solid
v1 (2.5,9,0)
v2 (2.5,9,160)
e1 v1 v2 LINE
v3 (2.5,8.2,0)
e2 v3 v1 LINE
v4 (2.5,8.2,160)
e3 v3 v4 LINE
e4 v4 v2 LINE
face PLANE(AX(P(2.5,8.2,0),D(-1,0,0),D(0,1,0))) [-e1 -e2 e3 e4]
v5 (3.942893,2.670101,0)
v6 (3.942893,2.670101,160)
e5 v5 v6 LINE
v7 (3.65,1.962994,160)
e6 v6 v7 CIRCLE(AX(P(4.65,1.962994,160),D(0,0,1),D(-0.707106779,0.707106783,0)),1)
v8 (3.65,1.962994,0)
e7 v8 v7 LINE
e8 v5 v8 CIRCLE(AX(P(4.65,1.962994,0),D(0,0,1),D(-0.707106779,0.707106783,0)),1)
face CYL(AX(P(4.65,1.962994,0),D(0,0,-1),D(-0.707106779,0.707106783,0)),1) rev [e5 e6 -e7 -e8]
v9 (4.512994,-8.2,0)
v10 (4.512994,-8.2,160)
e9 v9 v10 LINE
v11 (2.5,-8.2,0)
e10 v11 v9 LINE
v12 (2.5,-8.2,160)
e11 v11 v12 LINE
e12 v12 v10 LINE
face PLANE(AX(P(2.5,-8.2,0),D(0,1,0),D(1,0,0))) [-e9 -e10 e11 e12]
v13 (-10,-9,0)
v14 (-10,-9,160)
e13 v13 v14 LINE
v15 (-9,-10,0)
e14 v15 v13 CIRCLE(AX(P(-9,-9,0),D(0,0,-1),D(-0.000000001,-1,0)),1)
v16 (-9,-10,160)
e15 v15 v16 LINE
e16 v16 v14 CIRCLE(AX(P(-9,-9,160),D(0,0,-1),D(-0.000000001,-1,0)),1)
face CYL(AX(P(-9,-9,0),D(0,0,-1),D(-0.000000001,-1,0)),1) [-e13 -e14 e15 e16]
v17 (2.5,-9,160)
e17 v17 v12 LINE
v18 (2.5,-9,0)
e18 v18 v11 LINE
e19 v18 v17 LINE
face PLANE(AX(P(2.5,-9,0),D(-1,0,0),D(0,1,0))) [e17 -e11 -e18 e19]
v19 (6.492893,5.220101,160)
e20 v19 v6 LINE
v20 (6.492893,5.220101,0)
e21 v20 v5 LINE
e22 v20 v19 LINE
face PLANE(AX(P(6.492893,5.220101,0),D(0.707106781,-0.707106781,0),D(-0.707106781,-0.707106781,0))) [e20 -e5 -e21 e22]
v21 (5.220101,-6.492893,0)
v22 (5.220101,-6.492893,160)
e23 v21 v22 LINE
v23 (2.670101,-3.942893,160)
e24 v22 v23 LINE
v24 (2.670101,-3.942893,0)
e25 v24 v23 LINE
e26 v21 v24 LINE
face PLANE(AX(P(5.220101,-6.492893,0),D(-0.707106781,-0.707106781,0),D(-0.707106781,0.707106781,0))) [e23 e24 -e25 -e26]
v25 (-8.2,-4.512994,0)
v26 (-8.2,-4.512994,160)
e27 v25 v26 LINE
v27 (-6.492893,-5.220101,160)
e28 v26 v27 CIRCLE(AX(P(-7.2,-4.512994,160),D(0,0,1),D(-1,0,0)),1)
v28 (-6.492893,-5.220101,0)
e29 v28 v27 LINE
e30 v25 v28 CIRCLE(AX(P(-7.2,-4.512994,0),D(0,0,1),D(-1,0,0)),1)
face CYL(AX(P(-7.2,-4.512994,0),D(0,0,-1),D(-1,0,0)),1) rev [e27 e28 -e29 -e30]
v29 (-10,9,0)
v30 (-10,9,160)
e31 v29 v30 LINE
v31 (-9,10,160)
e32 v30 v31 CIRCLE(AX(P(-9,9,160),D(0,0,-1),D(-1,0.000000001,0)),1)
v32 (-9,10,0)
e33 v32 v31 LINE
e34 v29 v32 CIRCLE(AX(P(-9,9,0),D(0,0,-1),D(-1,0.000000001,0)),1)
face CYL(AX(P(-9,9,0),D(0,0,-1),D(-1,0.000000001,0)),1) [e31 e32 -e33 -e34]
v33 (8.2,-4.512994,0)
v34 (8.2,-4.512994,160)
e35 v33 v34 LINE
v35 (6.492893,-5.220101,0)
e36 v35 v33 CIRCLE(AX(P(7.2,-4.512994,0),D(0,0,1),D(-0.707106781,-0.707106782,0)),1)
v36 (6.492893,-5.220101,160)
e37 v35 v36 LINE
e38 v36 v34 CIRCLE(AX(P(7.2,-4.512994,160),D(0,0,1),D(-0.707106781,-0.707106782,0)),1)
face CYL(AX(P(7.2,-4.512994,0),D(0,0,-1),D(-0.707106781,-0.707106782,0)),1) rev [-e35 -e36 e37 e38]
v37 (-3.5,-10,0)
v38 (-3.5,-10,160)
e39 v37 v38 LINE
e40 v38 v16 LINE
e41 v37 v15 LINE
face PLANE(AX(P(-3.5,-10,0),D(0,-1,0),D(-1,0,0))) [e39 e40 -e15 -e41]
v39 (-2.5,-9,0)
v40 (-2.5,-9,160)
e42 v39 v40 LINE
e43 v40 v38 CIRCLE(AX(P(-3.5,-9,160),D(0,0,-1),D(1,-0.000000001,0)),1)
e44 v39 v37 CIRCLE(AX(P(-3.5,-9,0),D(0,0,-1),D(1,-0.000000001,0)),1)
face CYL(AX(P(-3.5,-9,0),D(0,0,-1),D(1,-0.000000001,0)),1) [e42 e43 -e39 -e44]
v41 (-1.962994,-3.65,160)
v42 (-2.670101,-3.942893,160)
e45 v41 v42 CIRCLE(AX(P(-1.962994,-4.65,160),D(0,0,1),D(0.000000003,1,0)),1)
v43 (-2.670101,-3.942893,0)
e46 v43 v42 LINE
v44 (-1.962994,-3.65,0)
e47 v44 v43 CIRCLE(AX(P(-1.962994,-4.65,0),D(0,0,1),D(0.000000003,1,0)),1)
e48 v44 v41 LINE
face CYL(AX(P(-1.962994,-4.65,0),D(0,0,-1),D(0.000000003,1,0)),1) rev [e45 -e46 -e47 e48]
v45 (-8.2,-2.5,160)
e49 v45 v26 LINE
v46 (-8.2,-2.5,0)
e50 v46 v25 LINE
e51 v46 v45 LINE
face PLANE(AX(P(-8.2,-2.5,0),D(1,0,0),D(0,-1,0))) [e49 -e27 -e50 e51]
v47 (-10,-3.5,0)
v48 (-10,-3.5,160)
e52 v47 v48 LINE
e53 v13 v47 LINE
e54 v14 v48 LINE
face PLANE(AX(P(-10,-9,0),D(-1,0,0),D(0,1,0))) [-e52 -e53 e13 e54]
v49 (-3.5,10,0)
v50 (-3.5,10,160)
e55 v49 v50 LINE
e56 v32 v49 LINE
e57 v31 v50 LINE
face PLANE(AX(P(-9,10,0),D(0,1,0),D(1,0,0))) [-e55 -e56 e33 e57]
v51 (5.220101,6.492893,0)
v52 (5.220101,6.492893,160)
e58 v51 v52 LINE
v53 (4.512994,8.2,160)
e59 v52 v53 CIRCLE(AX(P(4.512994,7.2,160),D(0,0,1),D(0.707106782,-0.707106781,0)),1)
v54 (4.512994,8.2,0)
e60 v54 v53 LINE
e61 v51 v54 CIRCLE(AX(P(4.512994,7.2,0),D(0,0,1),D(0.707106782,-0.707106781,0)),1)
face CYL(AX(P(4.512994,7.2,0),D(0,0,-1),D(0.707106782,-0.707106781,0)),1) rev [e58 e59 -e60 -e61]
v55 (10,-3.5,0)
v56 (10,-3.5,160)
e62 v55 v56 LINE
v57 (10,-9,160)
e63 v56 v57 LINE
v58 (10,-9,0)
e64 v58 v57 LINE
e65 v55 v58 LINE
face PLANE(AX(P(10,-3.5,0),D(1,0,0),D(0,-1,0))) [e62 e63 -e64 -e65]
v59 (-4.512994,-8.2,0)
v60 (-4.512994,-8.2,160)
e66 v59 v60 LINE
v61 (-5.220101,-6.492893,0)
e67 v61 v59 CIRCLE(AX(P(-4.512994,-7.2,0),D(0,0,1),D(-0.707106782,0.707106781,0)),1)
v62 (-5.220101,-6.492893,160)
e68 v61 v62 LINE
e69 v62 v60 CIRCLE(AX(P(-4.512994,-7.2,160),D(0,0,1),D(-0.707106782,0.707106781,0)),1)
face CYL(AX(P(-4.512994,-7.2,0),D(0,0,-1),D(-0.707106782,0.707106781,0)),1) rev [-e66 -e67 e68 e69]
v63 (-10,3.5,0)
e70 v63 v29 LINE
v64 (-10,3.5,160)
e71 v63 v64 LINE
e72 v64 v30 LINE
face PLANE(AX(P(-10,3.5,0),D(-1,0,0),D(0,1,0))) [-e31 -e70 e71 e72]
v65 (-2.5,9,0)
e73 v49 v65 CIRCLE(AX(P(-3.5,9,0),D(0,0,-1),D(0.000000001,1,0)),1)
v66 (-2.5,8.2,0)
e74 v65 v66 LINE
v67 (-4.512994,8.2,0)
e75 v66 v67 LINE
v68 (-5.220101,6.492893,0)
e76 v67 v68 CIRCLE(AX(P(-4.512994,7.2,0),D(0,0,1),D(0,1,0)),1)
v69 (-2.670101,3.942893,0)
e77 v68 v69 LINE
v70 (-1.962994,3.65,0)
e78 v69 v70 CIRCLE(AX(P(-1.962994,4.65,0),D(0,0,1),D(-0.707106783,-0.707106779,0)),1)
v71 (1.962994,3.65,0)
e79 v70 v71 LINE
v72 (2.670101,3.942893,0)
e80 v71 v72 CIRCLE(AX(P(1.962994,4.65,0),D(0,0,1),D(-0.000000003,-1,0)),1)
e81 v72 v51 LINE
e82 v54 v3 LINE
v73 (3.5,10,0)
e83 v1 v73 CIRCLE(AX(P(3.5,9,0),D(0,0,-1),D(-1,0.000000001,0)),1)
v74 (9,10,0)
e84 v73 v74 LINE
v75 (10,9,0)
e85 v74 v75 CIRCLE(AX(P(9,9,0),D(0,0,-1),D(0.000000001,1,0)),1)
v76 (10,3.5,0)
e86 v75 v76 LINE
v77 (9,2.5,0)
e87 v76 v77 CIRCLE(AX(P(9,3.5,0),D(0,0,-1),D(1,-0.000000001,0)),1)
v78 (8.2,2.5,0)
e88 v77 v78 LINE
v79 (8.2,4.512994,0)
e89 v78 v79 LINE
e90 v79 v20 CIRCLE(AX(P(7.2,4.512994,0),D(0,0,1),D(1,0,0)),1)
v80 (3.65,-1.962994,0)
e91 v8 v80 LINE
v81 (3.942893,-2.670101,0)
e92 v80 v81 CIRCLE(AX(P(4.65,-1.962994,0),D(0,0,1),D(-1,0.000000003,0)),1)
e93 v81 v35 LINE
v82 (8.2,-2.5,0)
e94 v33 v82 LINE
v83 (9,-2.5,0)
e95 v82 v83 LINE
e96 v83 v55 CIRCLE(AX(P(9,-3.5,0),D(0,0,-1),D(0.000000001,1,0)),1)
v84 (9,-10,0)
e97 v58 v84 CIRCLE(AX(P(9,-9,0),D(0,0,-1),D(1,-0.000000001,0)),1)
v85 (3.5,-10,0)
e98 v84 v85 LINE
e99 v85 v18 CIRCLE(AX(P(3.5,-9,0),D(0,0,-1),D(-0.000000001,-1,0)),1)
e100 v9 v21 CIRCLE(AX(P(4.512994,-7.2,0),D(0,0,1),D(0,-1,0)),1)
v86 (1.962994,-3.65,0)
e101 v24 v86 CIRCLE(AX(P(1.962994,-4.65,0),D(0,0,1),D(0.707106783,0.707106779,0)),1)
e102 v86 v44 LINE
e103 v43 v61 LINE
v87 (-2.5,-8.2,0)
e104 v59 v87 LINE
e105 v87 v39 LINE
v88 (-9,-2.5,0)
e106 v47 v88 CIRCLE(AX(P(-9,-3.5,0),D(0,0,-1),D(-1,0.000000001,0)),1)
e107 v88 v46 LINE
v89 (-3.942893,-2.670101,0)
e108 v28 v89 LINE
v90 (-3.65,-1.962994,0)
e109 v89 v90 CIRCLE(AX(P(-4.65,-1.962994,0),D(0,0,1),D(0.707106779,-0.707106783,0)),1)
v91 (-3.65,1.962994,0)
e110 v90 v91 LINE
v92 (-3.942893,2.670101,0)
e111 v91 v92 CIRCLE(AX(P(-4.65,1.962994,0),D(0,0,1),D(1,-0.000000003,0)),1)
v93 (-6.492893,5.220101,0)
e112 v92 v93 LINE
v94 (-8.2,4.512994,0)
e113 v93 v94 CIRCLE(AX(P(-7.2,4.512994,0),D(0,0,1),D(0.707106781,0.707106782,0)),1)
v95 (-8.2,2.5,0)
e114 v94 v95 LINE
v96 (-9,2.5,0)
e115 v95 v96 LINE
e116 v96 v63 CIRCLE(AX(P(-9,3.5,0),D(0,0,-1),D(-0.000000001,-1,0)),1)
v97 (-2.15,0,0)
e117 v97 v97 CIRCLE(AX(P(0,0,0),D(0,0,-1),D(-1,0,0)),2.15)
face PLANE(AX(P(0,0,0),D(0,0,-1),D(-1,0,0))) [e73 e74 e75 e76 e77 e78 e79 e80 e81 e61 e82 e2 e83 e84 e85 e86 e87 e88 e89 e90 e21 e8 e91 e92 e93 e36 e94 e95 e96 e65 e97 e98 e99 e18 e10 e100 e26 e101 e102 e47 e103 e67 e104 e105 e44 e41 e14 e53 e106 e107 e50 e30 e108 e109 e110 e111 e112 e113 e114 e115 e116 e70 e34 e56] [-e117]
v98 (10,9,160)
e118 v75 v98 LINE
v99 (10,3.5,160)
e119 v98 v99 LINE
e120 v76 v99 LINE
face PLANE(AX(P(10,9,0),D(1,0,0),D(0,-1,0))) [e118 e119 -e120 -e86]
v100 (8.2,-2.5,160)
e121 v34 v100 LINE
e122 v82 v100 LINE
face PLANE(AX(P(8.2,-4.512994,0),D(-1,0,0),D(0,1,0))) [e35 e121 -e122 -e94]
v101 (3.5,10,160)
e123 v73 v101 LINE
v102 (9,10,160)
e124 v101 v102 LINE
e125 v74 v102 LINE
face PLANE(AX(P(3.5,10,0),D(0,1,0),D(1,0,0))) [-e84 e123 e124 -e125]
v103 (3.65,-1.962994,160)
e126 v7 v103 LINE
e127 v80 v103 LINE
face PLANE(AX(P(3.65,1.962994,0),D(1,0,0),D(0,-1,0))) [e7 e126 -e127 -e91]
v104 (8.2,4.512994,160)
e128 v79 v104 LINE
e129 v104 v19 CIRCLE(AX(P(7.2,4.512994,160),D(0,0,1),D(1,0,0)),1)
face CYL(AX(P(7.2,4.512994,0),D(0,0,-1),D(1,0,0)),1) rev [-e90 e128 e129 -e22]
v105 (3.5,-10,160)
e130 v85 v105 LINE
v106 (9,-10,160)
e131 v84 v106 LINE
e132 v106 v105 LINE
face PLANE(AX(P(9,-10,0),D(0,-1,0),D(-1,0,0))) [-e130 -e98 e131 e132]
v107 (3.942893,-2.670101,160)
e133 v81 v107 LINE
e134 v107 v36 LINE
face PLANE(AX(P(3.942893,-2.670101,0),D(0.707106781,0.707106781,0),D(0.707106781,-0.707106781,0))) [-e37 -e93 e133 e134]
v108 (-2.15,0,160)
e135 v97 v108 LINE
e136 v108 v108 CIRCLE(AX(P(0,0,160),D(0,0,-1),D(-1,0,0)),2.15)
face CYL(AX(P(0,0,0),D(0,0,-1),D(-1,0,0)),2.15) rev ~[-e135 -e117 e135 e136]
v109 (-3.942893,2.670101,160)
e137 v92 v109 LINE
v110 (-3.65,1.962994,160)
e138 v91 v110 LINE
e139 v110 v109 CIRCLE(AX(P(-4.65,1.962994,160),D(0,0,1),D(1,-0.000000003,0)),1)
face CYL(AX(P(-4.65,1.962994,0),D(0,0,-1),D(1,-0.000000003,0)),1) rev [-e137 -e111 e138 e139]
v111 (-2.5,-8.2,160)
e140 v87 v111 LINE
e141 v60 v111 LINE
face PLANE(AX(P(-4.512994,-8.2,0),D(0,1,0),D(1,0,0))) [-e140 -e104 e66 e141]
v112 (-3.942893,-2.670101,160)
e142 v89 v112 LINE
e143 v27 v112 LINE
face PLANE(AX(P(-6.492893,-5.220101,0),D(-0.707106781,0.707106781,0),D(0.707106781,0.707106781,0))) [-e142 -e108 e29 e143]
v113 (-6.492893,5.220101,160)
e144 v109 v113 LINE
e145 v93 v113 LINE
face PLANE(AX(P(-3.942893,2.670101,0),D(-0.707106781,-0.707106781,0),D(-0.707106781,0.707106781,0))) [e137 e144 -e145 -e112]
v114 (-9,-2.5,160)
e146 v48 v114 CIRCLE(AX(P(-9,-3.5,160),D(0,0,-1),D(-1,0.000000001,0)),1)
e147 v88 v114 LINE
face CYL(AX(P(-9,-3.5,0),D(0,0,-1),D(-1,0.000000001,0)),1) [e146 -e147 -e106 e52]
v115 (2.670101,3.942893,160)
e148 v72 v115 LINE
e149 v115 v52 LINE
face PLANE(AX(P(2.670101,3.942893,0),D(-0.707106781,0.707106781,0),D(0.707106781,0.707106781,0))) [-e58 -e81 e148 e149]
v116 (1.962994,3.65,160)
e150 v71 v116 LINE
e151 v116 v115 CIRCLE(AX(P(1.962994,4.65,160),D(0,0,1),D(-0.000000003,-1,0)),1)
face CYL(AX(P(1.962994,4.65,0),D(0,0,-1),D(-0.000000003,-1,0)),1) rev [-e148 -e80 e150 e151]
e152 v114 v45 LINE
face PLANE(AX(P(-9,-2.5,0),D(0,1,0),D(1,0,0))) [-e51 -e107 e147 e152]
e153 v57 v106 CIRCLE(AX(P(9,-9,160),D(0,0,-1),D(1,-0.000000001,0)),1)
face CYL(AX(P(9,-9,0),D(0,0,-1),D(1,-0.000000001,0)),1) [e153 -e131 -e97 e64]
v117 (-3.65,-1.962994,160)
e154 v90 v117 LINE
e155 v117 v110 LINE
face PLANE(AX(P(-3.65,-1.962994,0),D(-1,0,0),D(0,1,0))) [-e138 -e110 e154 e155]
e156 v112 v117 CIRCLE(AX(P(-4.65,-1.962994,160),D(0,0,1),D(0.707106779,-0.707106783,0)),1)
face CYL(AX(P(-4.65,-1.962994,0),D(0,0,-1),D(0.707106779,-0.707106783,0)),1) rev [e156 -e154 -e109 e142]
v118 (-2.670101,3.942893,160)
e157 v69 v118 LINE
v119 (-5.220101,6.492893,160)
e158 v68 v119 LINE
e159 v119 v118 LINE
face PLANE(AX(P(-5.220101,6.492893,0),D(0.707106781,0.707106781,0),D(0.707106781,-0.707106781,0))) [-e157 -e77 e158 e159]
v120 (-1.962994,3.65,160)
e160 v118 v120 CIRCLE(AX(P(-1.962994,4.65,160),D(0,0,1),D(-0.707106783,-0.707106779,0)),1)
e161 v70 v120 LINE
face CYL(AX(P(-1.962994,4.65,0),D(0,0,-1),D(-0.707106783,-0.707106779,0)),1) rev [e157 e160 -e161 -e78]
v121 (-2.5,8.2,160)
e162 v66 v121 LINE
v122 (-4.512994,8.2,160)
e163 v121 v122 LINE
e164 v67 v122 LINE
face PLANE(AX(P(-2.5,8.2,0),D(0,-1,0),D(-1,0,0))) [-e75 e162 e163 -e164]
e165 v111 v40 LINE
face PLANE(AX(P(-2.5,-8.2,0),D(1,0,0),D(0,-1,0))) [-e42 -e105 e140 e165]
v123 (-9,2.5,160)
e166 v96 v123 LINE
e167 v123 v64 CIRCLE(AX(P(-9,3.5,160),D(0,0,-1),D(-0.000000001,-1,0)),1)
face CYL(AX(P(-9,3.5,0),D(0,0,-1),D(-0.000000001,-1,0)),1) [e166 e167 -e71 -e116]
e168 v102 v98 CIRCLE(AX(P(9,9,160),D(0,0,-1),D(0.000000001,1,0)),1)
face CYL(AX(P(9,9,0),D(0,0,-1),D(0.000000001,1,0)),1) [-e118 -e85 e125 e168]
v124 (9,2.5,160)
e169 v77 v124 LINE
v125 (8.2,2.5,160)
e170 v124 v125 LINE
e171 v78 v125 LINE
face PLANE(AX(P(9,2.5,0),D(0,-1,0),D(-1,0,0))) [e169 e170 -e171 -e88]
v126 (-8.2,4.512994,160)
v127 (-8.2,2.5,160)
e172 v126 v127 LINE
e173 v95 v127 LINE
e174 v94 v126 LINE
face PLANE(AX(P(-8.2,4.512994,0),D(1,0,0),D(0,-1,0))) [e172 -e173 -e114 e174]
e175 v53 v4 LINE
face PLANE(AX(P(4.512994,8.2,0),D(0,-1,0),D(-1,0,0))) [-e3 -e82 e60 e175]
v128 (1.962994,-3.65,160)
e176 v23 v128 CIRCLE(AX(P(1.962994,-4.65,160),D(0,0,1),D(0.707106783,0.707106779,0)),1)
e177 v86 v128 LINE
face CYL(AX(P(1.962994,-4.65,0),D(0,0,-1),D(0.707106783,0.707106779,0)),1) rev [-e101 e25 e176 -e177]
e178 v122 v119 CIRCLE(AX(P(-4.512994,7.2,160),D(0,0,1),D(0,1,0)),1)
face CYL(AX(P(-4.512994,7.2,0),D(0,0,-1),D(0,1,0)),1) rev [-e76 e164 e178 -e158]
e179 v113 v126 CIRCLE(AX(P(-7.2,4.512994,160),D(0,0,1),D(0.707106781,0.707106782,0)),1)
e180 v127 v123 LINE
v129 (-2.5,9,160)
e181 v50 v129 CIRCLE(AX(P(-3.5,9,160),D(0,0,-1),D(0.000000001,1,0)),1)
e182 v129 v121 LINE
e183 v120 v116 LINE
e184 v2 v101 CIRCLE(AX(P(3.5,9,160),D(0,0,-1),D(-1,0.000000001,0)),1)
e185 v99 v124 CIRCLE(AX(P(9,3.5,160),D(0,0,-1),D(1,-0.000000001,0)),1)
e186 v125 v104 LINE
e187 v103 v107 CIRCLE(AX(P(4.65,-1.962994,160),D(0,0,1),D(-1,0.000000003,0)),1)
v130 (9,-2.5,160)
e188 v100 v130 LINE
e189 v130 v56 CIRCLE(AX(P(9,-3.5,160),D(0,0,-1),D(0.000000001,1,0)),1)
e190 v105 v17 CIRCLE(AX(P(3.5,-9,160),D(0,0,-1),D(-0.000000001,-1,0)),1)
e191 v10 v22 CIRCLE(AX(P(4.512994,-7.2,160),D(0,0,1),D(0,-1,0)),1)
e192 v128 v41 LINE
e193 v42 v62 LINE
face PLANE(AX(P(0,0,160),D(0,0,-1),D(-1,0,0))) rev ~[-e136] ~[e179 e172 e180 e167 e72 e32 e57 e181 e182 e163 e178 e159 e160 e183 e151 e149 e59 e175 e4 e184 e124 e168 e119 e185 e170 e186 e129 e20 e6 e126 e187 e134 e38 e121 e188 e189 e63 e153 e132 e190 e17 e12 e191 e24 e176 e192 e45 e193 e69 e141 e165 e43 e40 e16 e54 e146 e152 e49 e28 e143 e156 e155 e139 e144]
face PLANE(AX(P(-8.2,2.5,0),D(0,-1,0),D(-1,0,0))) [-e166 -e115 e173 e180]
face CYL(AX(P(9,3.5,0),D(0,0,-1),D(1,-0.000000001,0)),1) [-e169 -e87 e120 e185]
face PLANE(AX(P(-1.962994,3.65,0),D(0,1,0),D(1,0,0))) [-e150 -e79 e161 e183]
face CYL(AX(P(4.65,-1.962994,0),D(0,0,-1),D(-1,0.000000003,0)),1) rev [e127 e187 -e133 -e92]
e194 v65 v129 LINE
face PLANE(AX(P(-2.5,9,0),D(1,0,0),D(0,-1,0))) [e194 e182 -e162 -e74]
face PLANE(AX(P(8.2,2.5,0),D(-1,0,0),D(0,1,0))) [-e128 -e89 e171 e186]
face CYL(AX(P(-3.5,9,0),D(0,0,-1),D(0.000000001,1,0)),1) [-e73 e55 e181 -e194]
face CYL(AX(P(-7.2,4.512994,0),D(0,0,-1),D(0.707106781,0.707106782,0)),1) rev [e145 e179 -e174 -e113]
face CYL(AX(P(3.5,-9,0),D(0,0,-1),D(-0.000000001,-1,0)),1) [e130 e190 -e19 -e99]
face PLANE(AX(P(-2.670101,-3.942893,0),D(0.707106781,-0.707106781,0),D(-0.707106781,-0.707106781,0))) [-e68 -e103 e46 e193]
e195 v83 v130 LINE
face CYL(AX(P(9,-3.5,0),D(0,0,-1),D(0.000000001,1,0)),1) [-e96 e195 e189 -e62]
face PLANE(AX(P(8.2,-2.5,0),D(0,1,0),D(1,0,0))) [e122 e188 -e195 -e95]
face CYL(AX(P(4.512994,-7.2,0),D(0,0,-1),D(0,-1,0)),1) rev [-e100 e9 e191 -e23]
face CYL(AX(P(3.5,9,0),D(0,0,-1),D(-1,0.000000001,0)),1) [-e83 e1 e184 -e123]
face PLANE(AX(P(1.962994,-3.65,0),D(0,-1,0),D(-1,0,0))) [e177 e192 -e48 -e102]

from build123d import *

# Parameters (mm, degrees)
SCHIZZO1_R                   = 2.15
ESTRUSIONE_ESTRUSIONE1_DEPTH = 160


with BuildPart() as part:
    # Schizzo1 → Estrusione-Estrusione1 (new body)
    with BuildSketch(Plane(origin=(0, 0, 0), x_dir=(-1, 0, 0), z_dir=(0, 0, -1))):
        with BuildLine():
            Line((8.2, 2.5), (9, 2.5))
            ThreePointArc((9, 2.5), (9.707106781, 2.792893219), (10, 3.5))
            Line((10, 3.5), (10, 9))
            ThreePointArc((10, 9), (9.707106781, 9.707106781), (9, 10))
            Line((9, 10), (3.5, 10))
            ThreePointArc((3.5, 10), (2.792893219, 9.707106781), (2.5, 9))
            Line((2.5, 9), (2.5, 8.2))
            Line((2.5, 8.2), (4.512994231, 8.2))
            ThreePointArc((4.512994231, 8.2), (5.436873764, 7.582683432), (5.220101013, 6.492893219))
            Line((5.220101013, 6.492893219), (2.670101013, 3.942893219))
            ThreePointArc((2.670101013, 3.942893219), (2.345677664, 3.726120467), (1.962994231, 3.65))
            Line((1.962994231, 3.65), (-1.962994231, 3.65))
            ThreePointArc((-1.962994231, 3.65), (-2.345677664, 3.726120467), (-2.670101013, 3.942893219))
            Line((-2.670101013, 3.942893219), (-5.220101013, 6.492893219))
            ThreePointArc((-5.220101013, 6.492893219), (-5.436873764, 7.582683432), (-4.512994231, 8.2))
            Line((-4.512994231, 8.2), (-2.5, 8.2))
            Line((-2.5, 8.2), (-2.5, 9))
            ThreePointArc((-2.5, 9), (-2.792893219, 9.707106781), (-3.5, 10))
            Line((-3.5, 10), (-9, 10))
            ThreePointArc((-9, 10), (-9.707106781, 9.707106781), (-10, 9))
            Line((-10, 9), (-10, 3.5))
            ThreePointArc((-10, 3.5), (-9.707106781, 2.792893219), (-9, 2.5))
            Line((-9, 2.5), (-8.2, 2.5))
            Line((-8.2, 2.5), (-8.2, 4.512994231))
            ThreePointArc((-8.2, 4.512994231), (-7.582683432, 5.436873764), (-6.492893219, 5.220101013))
            Line((-6.492893219, 5.220101013), (-3.942893219, 2.670101013))
            ThreePointArc((-3.942893219, 2.670101013), (-3.726120467, 2.345677664), (-3.65, 1.962994231))
            Line((-3.65, 1.962994231), (-3.65, -1.962994231))
            ThreePointArc((-3.65, -1.962994231), (-3.726120467, -2.345677664), (-3.942893219, -2.670101013))
            Line((-3.942893219, -2.670101013), (-6.492893219, -5.220101013))
            ThreePointArc((-6.492893219, -5.220101013), (-7.582683432, -5.436873764), (-8.2, -4.512994231))
            Line((-8.2, -4.512994231), (-8.2, -2.5))
            Line((-8.2, -2.5), (-9, -2.5))
            ThreePointArc((-9, -2.5), (-9.707106781, -2.792893219), (-10, -3.5))
            Line((-10, -3.5), (-10, -9))
            ThreePointArc((-10, -9), (-9.707106781, -9.707106781), (-9, -10))
            Line((-9, -10), (-3.5, -10))
            ThreePointArc((-3.5, -10), (-2.792893219, -9.707106781), (-2.5, -9))
            Line((-2.5, -9), (-2.5, -8.2))
            Line((-2.5, -8.2), (-4.512994231, -8.2))
            ThreePointArc((-4.512994231, -8.2), (-5.436873764, -7.582683432), (-5.220101013, -6.492893219))
            Line((-5.220101013, -6.492893219), (-2.670101013, -3.942893219))
            ThreePointArc((-2.670101013, -3.942893219), (-2.345677664, -3.726120467), (-1.962994231, -3.65))
            Line((-1.962994231, -3.65), (1.962994231, -3.65))
            ThreePointArc((1.962994231, -3.65), (2.345677664, -3.726120467), (2.670101013, -3.942893219))
            Line((2.670101013, -3.942893219), (5.220101013, -6.492893219))
            ThreePointArc((5.220101013, -6.492893219), (5.436873764, -7.582683432), (4.512994231, -8.2))
            Line((4.512994231, -8.2), (2.5, -8.2))
            Line((2.5, -8.2), (2.5, -9))
            ThreePointArc((2.5, -9), (2.792893219, -9.707106781), (3.5, -10))
            Line((3.5, -10), (9, -10))
            ThreePointArc((9, -10), (9.707106781, -9.707106781), (10, -9))
            Line((10, -9), (10, -3.5))
            ThreePointArc((10, -3.5), (9.707106781, -2.792893219), (9, -2.5))
            Line((9, -2.5), (8.2, -2.5))
            Line((8.2, -2.5), (8.2, -4.512994231))
            ThreePointArc((8.2, -4.512994231), (7.582683432, -5.436873764), (6.492893219, -5.220101013))
            Line((6.492893219, -5.220101013), (3.942893219, -2.670101013))
            ThreePointArc((3.942893219, -2.670101013), (3.726120467, -2.345677664), (3.65, -1.962994231))
            Line((3.65, -1.962994231), (3.65, 1.962994231))
            ThreePointArc((3.65, 1.962994231), (3.726120467, 2.345677664), (3.942893219, 2.670101013))
            Line((3.942893219, 2.670101013), (6.492893219, 5.220101013))
            ThreePointArc((6.492893219, 5.220101013), (7.582683432, 5.436873764), (8.2, 4.512994231))
            Line((8.2, 4.512994231), (8.2, 2.5))
        make_face()
        Circle(SCHIZZO1_R, mode=Mode.SUBTRACT)
    extrude(amount=-ESTRUSIONE_ESTRUSIONE1_DEPTH)


solid = part.part
